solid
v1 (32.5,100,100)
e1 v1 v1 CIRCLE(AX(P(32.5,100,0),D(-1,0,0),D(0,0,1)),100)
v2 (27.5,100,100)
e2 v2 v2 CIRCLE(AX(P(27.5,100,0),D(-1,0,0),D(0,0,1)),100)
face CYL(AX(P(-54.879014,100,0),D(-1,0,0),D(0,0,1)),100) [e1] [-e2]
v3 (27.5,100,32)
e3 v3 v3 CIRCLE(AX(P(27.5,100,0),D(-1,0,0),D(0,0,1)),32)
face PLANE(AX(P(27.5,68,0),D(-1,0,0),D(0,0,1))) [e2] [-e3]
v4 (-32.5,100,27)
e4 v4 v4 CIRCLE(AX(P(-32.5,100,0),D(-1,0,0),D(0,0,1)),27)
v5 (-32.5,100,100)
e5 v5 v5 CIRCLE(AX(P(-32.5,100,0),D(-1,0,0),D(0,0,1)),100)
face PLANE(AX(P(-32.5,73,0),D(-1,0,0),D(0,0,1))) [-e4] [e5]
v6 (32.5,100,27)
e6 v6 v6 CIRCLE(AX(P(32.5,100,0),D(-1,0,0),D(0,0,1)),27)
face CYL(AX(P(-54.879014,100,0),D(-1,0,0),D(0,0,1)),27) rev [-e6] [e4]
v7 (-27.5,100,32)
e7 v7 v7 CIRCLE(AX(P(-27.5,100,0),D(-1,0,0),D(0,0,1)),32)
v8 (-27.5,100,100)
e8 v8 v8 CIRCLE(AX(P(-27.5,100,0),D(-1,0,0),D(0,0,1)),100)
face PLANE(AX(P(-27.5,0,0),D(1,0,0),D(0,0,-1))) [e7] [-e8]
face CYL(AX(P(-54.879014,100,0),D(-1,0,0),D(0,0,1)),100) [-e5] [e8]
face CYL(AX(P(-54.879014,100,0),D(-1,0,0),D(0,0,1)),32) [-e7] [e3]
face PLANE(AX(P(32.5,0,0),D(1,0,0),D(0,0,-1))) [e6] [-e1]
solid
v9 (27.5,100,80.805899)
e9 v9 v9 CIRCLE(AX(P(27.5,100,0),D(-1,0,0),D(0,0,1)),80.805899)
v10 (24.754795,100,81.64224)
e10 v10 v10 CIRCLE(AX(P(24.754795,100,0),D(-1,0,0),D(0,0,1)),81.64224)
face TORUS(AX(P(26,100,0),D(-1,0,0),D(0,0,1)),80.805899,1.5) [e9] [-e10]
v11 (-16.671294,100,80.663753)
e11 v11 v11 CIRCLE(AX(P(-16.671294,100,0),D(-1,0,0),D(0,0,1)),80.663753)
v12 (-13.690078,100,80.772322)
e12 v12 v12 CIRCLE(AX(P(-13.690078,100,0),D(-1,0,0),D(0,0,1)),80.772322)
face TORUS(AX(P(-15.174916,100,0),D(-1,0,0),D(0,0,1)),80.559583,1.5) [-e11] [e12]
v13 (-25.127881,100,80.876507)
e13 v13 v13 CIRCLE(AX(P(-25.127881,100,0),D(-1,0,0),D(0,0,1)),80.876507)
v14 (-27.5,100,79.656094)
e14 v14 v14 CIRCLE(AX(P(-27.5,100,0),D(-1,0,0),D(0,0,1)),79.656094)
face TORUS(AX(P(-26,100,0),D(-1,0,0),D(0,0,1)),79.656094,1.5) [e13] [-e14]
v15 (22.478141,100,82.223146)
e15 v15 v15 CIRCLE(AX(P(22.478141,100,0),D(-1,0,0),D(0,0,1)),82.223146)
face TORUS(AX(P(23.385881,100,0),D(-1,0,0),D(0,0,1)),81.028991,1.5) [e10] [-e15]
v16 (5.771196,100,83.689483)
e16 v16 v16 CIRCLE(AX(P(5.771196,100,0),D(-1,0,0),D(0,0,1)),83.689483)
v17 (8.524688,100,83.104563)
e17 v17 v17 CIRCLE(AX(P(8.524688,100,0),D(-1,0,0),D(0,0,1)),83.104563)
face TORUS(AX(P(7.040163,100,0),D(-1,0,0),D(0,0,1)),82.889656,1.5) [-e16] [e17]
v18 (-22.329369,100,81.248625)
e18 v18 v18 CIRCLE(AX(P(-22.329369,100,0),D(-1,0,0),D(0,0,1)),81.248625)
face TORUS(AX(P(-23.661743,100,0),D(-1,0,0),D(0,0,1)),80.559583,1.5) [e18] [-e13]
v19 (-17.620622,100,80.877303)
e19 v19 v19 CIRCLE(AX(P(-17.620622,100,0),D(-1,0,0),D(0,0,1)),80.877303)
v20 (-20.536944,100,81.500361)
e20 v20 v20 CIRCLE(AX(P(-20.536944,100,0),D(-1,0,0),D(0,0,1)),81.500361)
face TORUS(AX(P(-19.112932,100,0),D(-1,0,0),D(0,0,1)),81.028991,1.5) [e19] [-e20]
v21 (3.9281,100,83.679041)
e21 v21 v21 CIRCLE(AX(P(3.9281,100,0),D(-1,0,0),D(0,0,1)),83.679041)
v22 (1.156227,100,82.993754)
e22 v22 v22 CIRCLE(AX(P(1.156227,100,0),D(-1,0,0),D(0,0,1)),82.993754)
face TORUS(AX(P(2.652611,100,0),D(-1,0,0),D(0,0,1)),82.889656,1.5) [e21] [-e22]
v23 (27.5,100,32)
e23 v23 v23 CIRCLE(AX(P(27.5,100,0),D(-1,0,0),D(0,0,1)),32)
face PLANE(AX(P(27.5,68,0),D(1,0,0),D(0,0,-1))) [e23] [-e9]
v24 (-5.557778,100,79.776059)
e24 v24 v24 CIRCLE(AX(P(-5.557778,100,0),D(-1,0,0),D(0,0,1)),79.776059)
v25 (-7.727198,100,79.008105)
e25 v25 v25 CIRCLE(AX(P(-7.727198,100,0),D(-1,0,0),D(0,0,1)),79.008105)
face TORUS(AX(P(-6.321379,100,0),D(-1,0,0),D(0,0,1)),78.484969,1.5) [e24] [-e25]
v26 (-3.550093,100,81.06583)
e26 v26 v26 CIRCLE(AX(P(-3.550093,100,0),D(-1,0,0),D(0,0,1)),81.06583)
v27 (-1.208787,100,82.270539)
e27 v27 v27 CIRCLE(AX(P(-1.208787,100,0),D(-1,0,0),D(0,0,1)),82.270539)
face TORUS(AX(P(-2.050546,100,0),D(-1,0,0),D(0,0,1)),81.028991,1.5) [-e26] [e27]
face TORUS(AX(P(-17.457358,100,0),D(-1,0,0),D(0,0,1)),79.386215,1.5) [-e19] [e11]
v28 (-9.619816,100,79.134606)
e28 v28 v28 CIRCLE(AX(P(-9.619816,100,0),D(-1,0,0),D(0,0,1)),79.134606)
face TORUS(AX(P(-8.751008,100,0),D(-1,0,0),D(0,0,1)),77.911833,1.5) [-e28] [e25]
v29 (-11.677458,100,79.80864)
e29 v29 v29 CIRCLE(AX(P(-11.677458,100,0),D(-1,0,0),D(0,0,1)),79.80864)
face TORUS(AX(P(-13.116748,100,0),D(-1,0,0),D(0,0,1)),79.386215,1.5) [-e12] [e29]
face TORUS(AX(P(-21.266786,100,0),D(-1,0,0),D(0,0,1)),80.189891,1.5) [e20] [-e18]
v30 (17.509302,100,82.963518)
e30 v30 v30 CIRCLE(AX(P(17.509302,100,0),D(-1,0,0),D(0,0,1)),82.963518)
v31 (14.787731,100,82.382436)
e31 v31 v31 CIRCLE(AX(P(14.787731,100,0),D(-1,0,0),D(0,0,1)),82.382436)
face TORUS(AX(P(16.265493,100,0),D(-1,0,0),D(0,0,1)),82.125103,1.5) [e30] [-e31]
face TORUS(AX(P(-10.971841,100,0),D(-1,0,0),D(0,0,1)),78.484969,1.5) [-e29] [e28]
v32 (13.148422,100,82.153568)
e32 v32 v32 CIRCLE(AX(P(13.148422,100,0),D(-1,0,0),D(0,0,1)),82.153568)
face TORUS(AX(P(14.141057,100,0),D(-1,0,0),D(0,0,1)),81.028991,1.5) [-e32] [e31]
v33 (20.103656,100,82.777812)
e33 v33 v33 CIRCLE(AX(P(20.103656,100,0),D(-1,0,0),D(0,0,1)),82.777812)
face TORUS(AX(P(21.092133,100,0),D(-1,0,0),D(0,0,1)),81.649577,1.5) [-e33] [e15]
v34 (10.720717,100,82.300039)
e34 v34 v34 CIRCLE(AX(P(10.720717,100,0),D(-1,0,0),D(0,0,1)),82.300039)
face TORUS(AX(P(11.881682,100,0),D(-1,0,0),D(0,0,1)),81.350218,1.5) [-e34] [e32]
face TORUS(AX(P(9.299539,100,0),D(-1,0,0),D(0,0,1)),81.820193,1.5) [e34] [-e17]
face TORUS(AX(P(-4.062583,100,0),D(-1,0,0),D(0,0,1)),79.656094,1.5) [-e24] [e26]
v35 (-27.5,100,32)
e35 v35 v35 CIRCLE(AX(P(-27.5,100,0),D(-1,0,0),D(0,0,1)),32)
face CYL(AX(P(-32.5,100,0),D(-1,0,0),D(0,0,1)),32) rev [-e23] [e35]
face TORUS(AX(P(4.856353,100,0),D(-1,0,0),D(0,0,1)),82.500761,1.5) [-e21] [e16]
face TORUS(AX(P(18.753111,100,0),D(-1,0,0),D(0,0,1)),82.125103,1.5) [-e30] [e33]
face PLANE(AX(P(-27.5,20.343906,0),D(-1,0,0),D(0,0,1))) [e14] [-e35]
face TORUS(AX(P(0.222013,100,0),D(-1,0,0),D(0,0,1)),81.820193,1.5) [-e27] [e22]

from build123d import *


with BuildPart() as part:
    # Croquis1 → Revolución1 (revolve)
    with BuildSketch(Plane.XY):
        Polygon((-27.5, 0), (-27.5, 68), (27.5, 68), (27.5, 0), (32.5, 0), (32.5, 73), (-32.5, 73), (-32.5, 0), align=None)
    revolve(axis=Axis((-54.879014488, 100, 0), (1, 0, 0)))


with BuildPart() as body_2:
    # Croquis2 → Revolución2 (revolve)
    with BuildSketch(Plane.XY):
        with BuildLine():
            Line((-27.5, 20.343906075), (-27.5, 68))
            Line((-27.5, 68), (27.5, 68))
            Line((27.5, 68), (27.5, 19.194100614))
            ThreePointArc((27.5, 19.194100614), (26.437145923, 17.759212659), (24.75479541, 18.357760055))
            ThreePointArc((24.75479541, 18.357760055), (23.756736143, 17.517576452), (22.478140818, 17.776853872))
            ThreePointArc((22.478140818, 17.776853872), (21.433338426, 16.889745452), (20.103656018, 17.222188055))
            ThreePointArc((20.103656018, 17.222188055), (18.860208202, 16.378724899), (17.50930197, 17.036482396))
            ThreePointArc((17.50930197, 17.036482396), (15.952287588, 16.407960316), (14.787730947, 17.617564228))
            ThreePointArc((14.787730947, 17.617564228), (13.933650564, 17.48541761), (13.14842151, 17.846431961))
            ThreePointArc((13.14842151, 17.846431961), (11.972017579, 17.152504471), (10.720716957, 17.6999607))
            ThreePointArc((10.720716957, 17.6999607), (9.815532626, 16.771350143), (8.524688404, 16.895436542))
            ThreePointArc((8.524688404, 16.895436542), (7.351850735, 15.643084204), (5.771196412, 16.310516962))
            ThreePointArc((5.771196412, 16.310516962), (4.847855043, 15.999263565), (3.928099514, 16.320958652))
            ThreePointArc((3.928099514, 16.320958652), (2.292606148, 15.654185737), (1.156227442, 17.006246427))
            ThreePointArc((1.156227442, 17.006246427), (-0.216631512, 16.745376394), (-1.208786715, 17.729461215))
            ThreePointArc((-1.208786715, 17.729461215), (-2.736842083, 17.637218527), (-3.550093494, 18.934170362))
            ThreePointArc((-3.550093494, 18.934170362), (-4.873326013, 19.081885736), (-5.557777818, 20.223940839))
            ThreePointArc((-5.557777818, 20.223940839), (-6.821927847, 20.101011604), (-7.727198225, 20.991894556))
            ThreePointArc((-7.727198225, 20.991894556), (-8.650973187, 20.591506396), (-9.619815923, 20.865394349))
            ThreePointArc((-9.619815923, 20.865394349), (-10.504891979, 20.089563123), (-11.677458022, 20.191359928))
            ThreePointArc((-11.677458022, 20.191359928), (-12.468950314, 19.260878352), (-13.69007839, 19.227678464))
            ThreePointArc((-13.69007839, 19.227678464), (-15.229506095, 17.941410973), (-16.671294323, 19.336247316))
            ThreePointArc((-16.671294323, 19.336247316), (-17.128160725, 19.150354889), (-17.620621833, 19.122696971))
            ThreePointArc((-17.620621833, 19.122696971), (-18.799537302, 17.504113334), (-20.536944377, 18.49963899))
            ThreePointArc((-20.536944377, 18.49963899), (-21.475405343, 18.324686764), (-22.329369386, 18.751374802))
            ThreePointArc((-22.329369386, 18.751374802), (-23.859458197, 17.953504754), (-25.12788082, 19.123492974))
            ThreePointArc((-25.12788082, 19.123492974), (-26.686229273, 19.010080979), (-27.5, 20.343906075))
        make_face()
    revolve(axis=Axis((-32.5, 100, 0), (1, 0, 0)))


solid = Compound([part.part, body_2.part])
